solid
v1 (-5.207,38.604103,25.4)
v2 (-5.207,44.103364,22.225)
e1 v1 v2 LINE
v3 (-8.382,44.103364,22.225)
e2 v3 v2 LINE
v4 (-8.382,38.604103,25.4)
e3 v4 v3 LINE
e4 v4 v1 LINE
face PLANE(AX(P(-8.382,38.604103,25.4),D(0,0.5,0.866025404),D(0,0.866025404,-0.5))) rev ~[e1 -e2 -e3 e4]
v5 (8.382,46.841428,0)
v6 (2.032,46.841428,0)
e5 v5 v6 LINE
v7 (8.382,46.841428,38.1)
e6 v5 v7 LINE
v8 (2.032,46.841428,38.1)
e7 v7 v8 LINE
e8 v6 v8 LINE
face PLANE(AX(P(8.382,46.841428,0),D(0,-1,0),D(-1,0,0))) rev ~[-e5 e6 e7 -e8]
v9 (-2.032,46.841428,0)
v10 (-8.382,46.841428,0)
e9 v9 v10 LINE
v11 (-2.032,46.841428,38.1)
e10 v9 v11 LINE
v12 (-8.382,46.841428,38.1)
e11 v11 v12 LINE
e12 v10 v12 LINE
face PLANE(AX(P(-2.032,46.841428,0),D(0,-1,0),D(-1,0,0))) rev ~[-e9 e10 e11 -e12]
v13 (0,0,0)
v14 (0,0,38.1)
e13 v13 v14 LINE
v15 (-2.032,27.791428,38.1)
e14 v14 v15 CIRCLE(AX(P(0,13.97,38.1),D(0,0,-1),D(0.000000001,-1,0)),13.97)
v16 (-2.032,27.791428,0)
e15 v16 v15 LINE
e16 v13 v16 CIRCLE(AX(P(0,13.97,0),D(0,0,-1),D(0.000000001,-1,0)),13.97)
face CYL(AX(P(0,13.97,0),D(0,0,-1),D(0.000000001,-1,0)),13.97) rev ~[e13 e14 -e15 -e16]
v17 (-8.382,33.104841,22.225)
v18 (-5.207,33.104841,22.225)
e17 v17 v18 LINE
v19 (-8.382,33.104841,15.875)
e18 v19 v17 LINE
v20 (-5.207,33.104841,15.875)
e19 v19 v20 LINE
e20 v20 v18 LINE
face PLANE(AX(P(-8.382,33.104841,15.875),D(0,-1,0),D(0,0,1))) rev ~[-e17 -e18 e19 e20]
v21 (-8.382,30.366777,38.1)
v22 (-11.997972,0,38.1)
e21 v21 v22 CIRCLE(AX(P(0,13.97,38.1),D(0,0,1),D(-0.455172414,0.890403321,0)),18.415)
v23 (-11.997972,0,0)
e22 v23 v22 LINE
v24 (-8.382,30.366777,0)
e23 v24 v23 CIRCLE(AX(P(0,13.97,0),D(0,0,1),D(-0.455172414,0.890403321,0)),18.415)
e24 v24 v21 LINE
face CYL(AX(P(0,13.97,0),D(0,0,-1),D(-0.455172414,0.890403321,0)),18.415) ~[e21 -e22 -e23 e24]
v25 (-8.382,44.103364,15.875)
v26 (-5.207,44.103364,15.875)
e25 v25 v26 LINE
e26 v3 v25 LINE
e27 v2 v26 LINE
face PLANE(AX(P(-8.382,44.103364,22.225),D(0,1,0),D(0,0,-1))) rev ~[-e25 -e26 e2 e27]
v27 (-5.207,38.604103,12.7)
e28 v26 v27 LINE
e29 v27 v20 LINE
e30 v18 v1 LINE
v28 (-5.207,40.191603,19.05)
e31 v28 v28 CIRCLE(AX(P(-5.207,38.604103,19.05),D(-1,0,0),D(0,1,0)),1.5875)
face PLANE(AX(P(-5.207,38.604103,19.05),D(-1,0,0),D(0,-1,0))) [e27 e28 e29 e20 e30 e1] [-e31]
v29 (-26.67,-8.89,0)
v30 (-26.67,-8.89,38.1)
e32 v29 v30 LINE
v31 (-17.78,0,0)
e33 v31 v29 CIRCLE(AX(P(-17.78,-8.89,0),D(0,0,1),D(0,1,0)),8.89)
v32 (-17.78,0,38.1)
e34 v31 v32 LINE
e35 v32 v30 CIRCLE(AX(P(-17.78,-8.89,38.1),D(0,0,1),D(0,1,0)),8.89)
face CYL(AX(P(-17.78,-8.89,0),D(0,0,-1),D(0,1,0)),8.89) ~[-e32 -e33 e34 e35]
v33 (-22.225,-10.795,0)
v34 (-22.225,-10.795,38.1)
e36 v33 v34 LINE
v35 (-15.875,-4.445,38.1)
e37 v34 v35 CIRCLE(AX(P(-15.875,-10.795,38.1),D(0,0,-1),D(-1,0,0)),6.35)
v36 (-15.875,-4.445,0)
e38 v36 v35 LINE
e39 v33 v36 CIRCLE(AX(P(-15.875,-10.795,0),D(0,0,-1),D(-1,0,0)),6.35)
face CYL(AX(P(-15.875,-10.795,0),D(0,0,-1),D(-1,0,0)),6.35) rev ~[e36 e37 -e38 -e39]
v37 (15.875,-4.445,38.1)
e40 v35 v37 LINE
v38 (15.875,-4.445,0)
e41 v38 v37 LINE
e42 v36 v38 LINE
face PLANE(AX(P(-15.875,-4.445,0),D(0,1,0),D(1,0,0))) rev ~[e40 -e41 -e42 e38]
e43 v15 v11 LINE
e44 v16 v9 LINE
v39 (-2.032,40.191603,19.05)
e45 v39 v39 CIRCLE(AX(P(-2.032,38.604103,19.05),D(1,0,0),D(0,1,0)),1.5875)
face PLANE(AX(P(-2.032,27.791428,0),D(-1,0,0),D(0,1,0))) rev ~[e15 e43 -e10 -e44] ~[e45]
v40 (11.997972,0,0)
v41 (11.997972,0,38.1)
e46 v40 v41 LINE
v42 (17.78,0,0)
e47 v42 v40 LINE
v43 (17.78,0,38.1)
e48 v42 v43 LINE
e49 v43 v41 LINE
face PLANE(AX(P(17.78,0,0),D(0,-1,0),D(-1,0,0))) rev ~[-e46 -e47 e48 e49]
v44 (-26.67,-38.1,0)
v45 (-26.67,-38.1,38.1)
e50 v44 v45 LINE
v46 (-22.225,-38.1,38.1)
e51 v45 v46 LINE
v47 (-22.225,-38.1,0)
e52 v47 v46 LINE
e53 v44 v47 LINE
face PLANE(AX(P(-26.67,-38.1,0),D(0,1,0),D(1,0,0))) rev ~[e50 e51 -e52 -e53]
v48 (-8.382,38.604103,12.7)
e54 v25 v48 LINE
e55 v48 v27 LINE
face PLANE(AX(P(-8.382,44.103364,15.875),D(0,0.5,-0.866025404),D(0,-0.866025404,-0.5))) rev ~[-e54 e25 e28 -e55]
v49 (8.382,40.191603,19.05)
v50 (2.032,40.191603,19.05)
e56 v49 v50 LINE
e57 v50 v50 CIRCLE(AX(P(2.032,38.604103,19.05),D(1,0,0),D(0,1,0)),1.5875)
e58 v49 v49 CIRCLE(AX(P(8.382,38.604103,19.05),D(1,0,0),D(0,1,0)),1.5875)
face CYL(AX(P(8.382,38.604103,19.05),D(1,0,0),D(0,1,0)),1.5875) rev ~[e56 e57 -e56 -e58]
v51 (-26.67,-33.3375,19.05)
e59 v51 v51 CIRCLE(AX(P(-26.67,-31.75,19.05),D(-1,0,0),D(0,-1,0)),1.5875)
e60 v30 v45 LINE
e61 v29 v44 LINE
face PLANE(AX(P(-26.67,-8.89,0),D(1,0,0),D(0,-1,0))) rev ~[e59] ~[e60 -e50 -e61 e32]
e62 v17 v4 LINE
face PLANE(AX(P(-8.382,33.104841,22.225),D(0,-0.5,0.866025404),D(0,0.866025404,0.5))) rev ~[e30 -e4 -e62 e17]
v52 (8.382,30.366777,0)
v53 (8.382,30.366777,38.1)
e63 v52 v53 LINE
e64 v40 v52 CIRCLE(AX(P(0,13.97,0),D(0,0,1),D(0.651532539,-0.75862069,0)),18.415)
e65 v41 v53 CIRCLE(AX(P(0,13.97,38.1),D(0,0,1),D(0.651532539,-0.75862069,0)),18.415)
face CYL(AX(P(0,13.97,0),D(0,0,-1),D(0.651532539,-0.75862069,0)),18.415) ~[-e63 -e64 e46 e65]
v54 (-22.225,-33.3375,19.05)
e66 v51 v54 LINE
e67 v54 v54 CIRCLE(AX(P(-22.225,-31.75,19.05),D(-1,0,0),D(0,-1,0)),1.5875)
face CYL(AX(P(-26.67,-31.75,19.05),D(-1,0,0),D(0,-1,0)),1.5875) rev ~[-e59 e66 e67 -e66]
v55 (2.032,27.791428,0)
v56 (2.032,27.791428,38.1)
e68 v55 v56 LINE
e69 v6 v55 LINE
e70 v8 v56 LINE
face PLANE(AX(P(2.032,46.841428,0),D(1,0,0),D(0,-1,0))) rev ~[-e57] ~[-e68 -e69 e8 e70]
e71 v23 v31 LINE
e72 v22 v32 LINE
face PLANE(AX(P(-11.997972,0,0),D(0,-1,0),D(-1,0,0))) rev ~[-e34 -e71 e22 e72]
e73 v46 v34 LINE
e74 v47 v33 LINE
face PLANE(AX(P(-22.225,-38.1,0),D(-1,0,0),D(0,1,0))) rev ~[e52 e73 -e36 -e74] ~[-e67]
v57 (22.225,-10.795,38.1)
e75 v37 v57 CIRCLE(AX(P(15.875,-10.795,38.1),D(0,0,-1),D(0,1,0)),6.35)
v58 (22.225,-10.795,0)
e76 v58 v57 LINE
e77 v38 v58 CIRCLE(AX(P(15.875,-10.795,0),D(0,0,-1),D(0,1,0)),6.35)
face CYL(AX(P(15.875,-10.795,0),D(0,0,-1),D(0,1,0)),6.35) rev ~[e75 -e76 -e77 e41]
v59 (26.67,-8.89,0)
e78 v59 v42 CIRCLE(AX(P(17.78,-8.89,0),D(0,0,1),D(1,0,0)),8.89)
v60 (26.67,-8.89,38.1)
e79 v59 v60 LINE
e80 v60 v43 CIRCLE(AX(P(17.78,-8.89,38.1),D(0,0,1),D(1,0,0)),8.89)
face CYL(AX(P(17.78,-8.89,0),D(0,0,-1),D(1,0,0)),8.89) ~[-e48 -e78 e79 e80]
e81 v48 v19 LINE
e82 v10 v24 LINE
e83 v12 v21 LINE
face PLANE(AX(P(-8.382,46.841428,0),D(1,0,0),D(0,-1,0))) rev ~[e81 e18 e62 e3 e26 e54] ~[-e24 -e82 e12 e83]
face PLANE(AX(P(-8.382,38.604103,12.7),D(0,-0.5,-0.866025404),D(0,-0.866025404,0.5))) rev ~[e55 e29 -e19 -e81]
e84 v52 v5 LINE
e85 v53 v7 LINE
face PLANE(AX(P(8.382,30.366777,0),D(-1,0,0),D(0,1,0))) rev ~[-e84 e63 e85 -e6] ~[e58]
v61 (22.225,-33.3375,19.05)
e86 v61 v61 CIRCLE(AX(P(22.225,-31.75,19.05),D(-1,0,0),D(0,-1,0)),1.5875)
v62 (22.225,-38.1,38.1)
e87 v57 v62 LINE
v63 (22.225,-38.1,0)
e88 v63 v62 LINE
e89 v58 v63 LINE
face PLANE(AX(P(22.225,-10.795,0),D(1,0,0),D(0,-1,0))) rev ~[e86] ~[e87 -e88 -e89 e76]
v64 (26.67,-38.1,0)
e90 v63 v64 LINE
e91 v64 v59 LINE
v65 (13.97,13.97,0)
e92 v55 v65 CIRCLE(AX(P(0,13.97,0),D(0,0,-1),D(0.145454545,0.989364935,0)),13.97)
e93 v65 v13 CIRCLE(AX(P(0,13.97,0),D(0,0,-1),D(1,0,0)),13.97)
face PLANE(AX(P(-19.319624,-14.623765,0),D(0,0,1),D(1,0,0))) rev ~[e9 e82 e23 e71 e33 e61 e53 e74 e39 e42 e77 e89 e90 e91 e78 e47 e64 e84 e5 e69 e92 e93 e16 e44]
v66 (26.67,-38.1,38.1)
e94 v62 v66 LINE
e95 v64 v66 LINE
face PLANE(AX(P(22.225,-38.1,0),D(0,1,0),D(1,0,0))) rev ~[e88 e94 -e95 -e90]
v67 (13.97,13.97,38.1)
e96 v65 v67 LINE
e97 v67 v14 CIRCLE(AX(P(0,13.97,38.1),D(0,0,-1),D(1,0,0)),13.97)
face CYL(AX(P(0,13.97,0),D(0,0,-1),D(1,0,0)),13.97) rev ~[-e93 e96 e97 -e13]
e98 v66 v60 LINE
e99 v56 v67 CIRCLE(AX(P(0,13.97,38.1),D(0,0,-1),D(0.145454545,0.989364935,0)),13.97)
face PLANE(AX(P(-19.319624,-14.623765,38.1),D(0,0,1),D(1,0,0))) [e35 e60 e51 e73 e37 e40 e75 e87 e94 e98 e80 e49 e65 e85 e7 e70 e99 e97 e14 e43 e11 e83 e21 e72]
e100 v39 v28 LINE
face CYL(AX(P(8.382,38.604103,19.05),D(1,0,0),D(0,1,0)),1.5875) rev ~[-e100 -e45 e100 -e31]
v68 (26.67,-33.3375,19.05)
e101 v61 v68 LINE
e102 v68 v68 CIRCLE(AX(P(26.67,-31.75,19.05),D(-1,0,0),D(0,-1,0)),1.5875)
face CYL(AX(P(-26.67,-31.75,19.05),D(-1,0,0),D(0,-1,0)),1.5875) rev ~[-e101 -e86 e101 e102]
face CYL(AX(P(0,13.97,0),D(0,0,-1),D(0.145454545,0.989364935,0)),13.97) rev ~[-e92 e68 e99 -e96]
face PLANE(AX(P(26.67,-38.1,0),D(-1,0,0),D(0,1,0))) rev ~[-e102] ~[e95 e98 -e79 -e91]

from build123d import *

# Parameters (mm, degrees)
F1_DEPTH = 38.1
F2_R     = 1.5875
F3_DEPTH = 35.053
F4_R     = 1.5875
F5_DEPTH = 3.175
F6_R     = 1.5875
F7_DEPTH = 53.341


with BuildPart() as f1:
    # F0 (on Top) → F1 (new body)
    with BuildSketch(Plane.XY):
        with BuildLine():
            Line((-11.9979717036, 0), (-17.78, 0))
            ThreePointArc((-17.78, 0), (-24.0661792847, -2.6038207153), (-26.67, -8.89))
            Line((-26.67, -8.89), (-26.67, -38.1))
            Line((-26.67, -38.1), (-22.225, -38.1))
            Line((-22.225, -38.1), (-22.225, -10.795))
            ThreePointArc((-22.225, -10.795), (-20.3651280605, -6.3048719395), (-15.875, -4.445))
            Line((-15.875, -4.445), (-2.57e-08, -4.445))
            ThreePointArc((-2.57e-08, -4.445), (-6.3974477453, -3.2980307895), (-11.9979717036, 0))
        make_face()
        with BuildLine():
            Line((9.2e-09, 0), (-11.9979717036, 0))
            ThreePointArc((-11.9979717036, 0), (-6.3974477453, -3.2980307895), (-2.57e-08, -4.445))
            ThreePointArc((-2.57e-08, -4.445), (6.3974477212, -3.2980307984), (11.9979717036, 0))
            Line((11.9979717036, 0), (9.2e-09, 0))
        make_face()
        with BuildLine():
            ThreePointArc((11.9979717036, 0), (6.3974477212, -3.2980307984), (-2.57e-08, -4.445))
            Line((-2.57e-08, -4.445), (15.875, -4.445))
            ThreePointArc((15.875, -4.445), (20.3651280605, -6.3048719395), (22.225, -10.795))
            Line((22.225, -10.795), (22.225, -38.1))
            Line((22.225, -38.1), (26.67, -38.1))
            Line((26.67, -38.1), (26.67, -8.89))
            ThreePointArc((26.67, -8.89), (24.0661792847, -2.6038207153), (17.78, 0))
            Line((17.78, 0), (11.9979717036, 0))
        make_face()
        with BuildLine():
            ThreePointArc((13.97, 13.97), (9.8782817364, 4.0917182701), (9.2e-09, 0))
            Line((9.2e-09, 0), (11.9979717036, 0))
            ThreePointArc((11.9979717036, 0), (16.7340203466, 6.2833370024), (18.415, 13.97))
            ThreePointArc((18.415, 13.97), (15.7077489635, 23.5813915486), (8.382, 30.3667771528))
            Line((8.382, 30.3667771528), (8.382, 27.7914281462))
            Line((8.382, 27.7914281462), (2.032, 27.7914281462))
            ThreePointArc((2.032, 27.7914281462), (10.5723209372, 23.1016444302), (13.97, 13.97))
        make_face()
        with BuildLine():
            ThreePointArc((-8.382, 30.3667771528), (-18.285816917, 16.1474123812), (-11.9979717036, 0))
            Line((-11.9979717036, 0), (9.2e-09, 0))
            ThreePointArc((9.2e-09, 0), (-13.9328075273, 12.9512878678), (-2.032, 27.7914281462))
            Line((-2.032, 27.7914281462), (-8.382, 27.7914281462))
            Line((-8.382, 27.7914281462), (-8.382, 30.3667771528))
        make_face()
        with BuildLine():
            Line((2.032, 32.2725462983), (2.032, 27.7914281462))
            Line((2.032, 27.7914281462), (8.382, 27.7914281462))
            Line((8.382, 27.7914281462), (8.382, 30.3667771528))
            ThreePointArc((8.382, 30.3667771528), (5.2934712627, 31.6077829387), (2.032, 32.2725462983))
        make_face()
        with BuildLine():
            Line((2.032, 46.8414281462), (2.032, 32.2725462983))
            ThreePointArc((2.032, 32.2725462983), (5.2934712627, 31.6077829387), (8.382, 30.3667771528))
            Line((8.382, 30.3667771528), (8.382, 46.8414281462))
            Line((8.382, 46.8414281462), (2.032, 46.8414281462))
        make_face()
        with BuildLine():
            ThreePointArc((-2.032, 32.2725462983), (-5.2934712627, 31.6077829387), (-8.382, 30.3667771528))
            Line((-8.382, 30.3667771528), (-8.382, 27.7914281462))
            Line((-8.382, 27.7914281462), (-2.032, 27.7914281462))
            Line((-2.032, 27.7914281462), (-2.032, 32.2725462983))
        make_face()
        with BuildLine():
            Line((-8.382, 46.8414281462), (-8.382, 30.3667771528))
            ThreePointArc((-8.382, 30.3667771528), (-5.2934712627, 31.6077829387), (-2.032, 32.2725462983))
            Line((-2.032, 32.2725462983), (-2.032, 46.8414281462))
            Line((-2.032, 46.8414281462), (-8.382, 46.8414281462))
        make_face()
    extrude(amount=F1_DEPTH)

    # F2 (on face) → F3 (cut, through all)
    with BuildSketch(Plane.YZ.offset(8.382)):
        with Locations((38.6041026495, 19.05)):
            Circle(F2_R)
    extrude(amount=-F3_DEPTH, mode=Mode.SUBTRACT)

    # F4 (on face) → F5 (cut)
    with BuildSketch(Plane(origin=(-8.382, 0, 0), x_dir=(0, -1, 0), z_dir=(-1, 0, 0))):
        Polygon((-44.1033639635, 22.225), (-44.1033639635, 15.875), (-38.6041026495, 12.7), (-33.1048413355, 15.875), (-33.1048413355, 22.225), (-38.6041026495, 25.4), align=None)
        with Locations((-38.6041026495, 19.05)):
            Circle(F4_R, mode=Mode.SUBTRACT)
    extrude(amount=-F5_DEPTH, mode=Mode.SUBTRACT)

    # F6 (on face) → F7 (cut, through all)
    with BuildSketch(Plane(origin=(-26.67, 0, 0), x_dir=(0, -1, 0), z_dir=(-1, 0, 0))):
        with Locations((31.75, 19.05)):
            Circle(F6_R)
    extrude(amount=-F7_DEPTH, mode=Mode.SUBTRACT)


solid = f1.part
